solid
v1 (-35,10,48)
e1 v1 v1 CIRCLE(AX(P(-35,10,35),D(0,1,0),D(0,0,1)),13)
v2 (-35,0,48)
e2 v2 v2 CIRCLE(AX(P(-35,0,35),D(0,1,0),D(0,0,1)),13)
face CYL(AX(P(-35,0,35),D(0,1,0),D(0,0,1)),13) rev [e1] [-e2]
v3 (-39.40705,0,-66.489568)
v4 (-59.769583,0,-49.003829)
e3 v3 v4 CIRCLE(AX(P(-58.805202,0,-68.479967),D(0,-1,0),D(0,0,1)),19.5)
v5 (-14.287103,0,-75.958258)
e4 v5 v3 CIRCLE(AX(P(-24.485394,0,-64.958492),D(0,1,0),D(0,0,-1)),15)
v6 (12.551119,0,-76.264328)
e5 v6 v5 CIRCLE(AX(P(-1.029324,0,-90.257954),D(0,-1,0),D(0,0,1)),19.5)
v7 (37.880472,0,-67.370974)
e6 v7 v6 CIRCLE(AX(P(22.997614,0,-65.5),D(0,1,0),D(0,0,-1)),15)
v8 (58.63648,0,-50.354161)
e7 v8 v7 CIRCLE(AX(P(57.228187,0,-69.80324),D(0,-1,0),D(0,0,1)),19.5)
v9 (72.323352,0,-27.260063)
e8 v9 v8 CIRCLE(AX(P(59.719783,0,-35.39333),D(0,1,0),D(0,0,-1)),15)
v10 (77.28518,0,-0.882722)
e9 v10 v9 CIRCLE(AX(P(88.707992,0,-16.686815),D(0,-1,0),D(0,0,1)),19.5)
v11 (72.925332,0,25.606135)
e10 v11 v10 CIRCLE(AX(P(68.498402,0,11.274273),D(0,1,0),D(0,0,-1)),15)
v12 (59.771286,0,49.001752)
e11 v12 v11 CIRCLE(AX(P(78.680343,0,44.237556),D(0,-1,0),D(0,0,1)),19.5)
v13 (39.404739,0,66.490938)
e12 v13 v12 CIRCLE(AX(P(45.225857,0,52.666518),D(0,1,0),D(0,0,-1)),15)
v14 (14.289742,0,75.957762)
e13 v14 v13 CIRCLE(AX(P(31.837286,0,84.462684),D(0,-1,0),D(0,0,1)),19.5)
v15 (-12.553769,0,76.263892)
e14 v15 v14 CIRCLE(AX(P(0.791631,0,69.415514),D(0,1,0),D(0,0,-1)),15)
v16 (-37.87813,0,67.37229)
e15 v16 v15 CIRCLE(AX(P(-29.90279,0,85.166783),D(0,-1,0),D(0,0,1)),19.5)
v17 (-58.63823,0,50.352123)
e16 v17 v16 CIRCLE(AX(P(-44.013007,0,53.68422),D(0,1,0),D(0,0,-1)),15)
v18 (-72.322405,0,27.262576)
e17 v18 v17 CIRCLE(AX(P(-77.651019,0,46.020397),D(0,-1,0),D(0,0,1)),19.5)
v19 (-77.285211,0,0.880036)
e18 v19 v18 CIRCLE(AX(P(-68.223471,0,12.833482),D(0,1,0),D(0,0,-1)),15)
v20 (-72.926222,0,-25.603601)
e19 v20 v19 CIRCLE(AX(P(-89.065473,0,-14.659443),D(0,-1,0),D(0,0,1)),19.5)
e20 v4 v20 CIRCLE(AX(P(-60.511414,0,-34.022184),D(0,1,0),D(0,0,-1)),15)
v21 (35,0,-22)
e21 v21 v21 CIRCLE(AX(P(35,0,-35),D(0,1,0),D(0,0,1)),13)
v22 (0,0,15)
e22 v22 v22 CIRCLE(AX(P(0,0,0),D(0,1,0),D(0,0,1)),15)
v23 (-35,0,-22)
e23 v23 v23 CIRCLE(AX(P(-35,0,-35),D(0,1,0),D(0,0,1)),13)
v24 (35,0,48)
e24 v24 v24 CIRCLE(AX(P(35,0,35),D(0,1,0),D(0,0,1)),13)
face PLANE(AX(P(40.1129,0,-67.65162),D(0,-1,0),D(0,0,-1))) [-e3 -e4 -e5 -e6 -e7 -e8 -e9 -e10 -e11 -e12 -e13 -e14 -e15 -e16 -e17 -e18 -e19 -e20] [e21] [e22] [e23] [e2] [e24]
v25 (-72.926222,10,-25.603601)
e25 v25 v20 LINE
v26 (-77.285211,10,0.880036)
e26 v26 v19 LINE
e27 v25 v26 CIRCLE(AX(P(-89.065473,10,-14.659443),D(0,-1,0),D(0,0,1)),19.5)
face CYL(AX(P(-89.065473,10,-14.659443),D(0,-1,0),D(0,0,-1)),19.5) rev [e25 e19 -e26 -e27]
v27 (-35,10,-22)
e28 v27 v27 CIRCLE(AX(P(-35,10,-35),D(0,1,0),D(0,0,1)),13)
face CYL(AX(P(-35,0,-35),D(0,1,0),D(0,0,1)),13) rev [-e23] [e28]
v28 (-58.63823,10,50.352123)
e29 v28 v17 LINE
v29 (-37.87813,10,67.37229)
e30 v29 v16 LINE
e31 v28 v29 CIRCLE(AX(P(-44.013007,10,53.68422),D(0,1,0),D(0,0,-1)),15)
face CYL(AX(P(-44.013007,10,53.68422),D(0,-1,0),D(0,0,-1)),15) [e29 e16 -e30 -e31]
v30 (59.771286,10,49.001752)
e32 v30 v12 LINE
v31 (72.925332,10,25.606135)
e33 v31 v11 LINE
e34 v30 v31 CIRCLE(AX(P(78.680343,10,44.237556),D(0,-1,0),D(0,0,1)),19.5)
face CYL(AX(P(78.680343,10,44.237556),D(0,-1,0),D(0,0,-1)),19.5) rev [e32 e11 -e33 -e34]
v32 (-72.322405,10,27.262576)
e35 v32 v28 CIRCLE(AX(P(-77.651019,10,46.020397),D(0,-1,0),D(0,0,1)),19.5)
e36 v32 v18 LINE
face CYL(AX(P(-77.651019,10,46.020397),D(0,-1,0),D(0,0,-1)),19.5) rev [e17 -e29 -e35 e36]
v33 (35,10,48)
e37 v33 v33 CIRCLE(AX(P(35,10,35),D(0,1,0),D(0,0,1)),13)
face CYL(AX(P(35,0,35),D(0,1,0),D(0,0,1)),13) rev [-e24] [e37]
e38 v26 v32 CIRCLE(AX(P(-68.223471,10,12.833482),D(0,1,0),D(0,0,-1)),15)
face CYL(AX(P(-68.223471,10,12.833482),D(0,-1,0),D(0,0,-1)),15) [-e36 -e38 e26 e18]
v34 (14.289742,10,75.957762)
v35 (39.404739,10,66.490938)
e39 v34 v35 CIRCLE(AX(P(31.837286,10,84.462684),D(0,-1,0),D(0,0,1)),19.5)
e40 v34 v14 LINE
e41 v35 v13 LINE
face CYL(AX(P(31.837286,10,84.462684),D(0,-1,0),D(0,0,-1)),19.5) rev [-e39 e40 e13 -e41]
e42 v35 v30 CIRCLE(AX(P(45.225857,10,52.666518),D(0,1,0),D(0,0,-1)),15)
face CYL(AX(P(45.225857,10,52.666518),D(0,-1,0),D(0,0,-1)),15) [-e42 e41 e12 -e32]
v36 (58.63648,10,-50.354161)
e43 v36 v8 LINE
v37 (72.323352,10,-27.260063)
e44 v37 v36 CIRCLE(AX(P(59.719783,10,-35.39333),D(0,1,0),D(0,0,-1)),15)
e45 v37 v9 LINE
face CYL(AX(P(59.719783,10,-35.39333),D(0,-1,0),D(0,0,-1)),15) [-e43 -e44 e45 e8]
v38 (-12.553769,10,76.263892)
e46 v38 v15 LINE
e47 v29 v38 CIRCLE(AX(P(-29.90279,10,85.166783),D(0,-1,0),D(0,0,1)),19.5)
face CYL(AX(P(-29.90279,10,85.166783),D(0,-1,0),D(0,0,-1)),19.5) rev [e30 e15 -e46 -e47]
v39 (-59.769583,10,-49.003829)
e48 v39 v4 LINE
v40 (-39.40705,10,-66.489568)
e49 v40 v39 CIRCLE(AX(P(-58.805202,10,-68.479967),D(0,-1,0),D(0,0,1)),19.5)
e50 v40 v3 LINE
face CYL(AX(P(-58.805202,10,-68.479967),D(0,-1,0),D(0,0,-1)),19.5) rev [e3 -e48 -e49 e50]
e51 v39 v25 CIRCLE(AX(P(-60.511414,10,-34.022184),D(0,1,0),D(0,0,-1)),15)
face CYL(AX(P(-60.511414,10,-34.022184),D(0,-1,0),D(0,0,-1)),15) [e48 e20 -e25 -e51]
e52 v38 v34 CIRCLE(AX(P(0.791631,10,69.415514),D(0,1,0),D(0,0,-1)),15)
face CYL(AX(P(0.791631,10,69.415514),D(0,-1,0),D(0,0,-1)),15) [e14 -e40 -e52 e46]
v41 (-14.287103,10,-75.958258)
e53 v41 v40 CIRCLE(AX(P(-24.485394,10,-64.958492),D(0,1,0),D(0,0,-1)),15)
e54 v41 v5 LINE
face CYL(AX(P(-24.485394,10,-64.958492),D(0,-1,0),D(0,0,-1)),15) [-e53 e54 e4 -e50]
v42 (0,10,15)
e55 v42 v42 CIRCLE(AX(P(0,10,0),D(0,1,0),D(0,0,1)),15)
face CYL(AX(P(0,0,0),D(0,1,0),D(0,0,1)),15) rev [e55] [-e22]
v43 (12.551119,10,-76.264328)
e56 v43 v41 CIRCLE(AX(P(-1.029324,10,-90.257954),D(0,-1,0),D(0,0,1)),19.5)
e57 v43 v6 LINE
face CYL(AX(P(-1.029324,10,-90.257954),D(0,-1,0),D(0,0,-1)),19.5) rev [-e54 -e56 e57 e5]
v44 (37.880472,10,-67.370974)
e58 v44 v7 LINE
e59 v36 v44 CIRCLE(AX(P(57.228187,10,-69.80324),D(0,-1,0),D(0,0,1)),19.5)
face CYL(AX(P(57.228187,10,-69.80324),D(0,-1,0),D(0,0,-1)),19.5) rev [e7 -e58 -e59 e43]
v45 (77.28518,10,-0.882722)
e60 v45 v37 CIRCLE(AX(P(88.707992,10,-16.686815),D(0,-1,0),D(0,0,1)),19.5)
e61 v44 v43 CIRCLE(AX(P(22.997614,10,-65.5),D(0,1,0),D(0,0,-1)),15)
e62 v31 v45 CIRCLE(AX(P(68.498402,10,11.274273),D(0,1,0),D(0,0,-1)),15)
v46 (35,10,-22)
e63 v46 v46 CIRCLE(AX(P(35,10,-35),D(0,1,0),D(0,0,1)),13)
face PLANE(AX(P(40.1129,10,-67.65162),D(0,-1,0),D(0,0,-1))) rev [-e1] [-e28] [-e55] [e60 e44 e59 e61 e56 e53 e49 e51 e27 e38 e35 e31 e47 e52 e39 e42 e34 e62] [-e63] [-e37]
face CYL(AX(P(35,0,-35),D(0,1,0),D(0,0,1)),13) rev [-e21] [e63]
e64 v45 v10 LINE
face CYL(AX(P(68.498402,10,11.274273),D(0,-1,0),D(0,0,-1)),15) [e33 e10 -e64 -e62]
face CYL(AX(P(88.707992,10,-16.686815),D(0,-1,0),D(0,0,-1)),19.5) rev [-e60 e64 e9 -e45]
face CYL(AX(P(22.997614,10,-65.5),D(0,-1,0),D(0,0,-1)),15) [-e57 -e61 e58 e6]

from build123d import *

# Parameters (mm, degrees)
BOSS_EXTRUDE1_DEPTH = 10
SKETCH2_R           = 13
CUT_EXTRUDE1_DEPTH  = 10
SKETCH3_R           = 15
CUT_EXTRUDE2_DEPTH  = 10


with BuildPart() as part:
    # Sketch1 → Boss-Extrude1 (new body)
    with BuildSketch(Plane(origin=(0, 0, 0), x_dir=(1, 0, 0), z_dir=(0, 1, 0))):
        with BuildLine():
            ThreePointArc((-14.287102681, 75.958258112), (-0.806955409, 70.759221722), (12.551119215, 76.264327736))
            ThreePointArc((12.551119215, 76.264327736), (27.96684553, 79.652976213), (37.880471551, 67.370974118))
            ThreePointArc((37.880471551, 67.370974118), (44.864987287, 54.723409538), (58.636480059, 50.354160551))
            ThreePointArc((58.636480059, 50.354160551), (72.623792794, 43.040978017), (72.32335215, 27.260062589))
            ThreePointArc((72.32335215, 27.260062589), (69.544103812, 13.081905848), (77.285180212, 0.882722021))
            ThreePointArc((77.285180212, 0.882722021), (83.299260286, -13.71037214), (72.925332493, -25.606135188))
            ThreePointArc((72.925332493, -25.606135188), (61.682761267, -34.680766977), (59.771285614, -49.001751954))
            ThreePointArc((59.771285614, -49.001751954), (54.998078122, -64.046486799), (39.404739288, -66.490937729))
            ThreePointArc((39.404739288, -66.490937729), (24.959369198, -66.2159235), (14.289742194, -75.957761595))
            ThreePointArc((14.289742194, -75.957761595), (0.962683969, -84.414538487), (-12.553769364, -76.263891543))
            ThreePointArc((-12.553769364, -76.263891543), (-23.442789112, -66.767913509), (-37.878130411, -67.37229041))
            ThreePointArc((-37.878130411, -67.37229041), (-53.523160712, -65.284089454), (-58.638229812, -50.352122925))
            ThreePointArc((-58.638229812, -50.352122925), (-60.875805858, -36.078454745), (-72.322404829, -27.262575782))
            ThreePointArc((-72.322404829, -27.262575782), (-82.964923652, -15.606489414), (-77.285210839, -0.880036389))
            ThreePointArc((-77.285210839, -0.880036389), (-69.824356485, 11.492513962), (-72.926222253, 25.603601044))
            ThreePointArc((-72.926222253, 25.603601044), (-73.586476763, 41.37356047), (-59.769582785, 49.003828954))
            ThreePointArc((-59.769582785, 49.003828954), (-46.101314701, 53.686007661), (-39.4070498, 66.489568389))
            ThreePointArc((-39.4070498, 66.489568389), (-29.776099574, 78.994461594), (-14.287102681, 75.958258112))
        make_face()
    extrude(amount=BOSS_EXTRUDE1_DEPTH)

    # Sketch2 → Cut-Extrude1 (cut)
    with BuildSketch(Plane(origin=(0, 10, 0), x_dir=(-1, 0, 0), z_dir=(0, 1, 0))):
        with Locations(Location((-35, 35, 0), (0, 0, 90))):
            Circle(SKETCH2_R)
        with Locations(Location((35, 35, 0), (0, 0, 90))):
            Circle(SKETCH2_R)
        with Locations(Location((35, -35, 0), (0, 0, 90))):
            Circle(SKETCH2_R)
        with Locations(Location((-35, -35, 0), (0, 0, 90))):
            Circle(SKETCH2_R)
    extrude(amount=-CUT_EXTRUDE1_DEPTH, mode=Mode.SUBTRACT)

    # Sketch3 → Cut-Extrude2 (cut)
    with BuildSketch(Plane(origin=(0, 10, 0), x_dir=(1, 0, 0), z_dir=(0, 1, 0))):
        with Locations(Location((0, 0, 0), (0, 0, 270))):
            Circle(SKETCH3_R)
    extrude(amount=-CUT_EXTRUDE2_DEPTH, mode=Mode.SUBTRACT)


solid = part.part
